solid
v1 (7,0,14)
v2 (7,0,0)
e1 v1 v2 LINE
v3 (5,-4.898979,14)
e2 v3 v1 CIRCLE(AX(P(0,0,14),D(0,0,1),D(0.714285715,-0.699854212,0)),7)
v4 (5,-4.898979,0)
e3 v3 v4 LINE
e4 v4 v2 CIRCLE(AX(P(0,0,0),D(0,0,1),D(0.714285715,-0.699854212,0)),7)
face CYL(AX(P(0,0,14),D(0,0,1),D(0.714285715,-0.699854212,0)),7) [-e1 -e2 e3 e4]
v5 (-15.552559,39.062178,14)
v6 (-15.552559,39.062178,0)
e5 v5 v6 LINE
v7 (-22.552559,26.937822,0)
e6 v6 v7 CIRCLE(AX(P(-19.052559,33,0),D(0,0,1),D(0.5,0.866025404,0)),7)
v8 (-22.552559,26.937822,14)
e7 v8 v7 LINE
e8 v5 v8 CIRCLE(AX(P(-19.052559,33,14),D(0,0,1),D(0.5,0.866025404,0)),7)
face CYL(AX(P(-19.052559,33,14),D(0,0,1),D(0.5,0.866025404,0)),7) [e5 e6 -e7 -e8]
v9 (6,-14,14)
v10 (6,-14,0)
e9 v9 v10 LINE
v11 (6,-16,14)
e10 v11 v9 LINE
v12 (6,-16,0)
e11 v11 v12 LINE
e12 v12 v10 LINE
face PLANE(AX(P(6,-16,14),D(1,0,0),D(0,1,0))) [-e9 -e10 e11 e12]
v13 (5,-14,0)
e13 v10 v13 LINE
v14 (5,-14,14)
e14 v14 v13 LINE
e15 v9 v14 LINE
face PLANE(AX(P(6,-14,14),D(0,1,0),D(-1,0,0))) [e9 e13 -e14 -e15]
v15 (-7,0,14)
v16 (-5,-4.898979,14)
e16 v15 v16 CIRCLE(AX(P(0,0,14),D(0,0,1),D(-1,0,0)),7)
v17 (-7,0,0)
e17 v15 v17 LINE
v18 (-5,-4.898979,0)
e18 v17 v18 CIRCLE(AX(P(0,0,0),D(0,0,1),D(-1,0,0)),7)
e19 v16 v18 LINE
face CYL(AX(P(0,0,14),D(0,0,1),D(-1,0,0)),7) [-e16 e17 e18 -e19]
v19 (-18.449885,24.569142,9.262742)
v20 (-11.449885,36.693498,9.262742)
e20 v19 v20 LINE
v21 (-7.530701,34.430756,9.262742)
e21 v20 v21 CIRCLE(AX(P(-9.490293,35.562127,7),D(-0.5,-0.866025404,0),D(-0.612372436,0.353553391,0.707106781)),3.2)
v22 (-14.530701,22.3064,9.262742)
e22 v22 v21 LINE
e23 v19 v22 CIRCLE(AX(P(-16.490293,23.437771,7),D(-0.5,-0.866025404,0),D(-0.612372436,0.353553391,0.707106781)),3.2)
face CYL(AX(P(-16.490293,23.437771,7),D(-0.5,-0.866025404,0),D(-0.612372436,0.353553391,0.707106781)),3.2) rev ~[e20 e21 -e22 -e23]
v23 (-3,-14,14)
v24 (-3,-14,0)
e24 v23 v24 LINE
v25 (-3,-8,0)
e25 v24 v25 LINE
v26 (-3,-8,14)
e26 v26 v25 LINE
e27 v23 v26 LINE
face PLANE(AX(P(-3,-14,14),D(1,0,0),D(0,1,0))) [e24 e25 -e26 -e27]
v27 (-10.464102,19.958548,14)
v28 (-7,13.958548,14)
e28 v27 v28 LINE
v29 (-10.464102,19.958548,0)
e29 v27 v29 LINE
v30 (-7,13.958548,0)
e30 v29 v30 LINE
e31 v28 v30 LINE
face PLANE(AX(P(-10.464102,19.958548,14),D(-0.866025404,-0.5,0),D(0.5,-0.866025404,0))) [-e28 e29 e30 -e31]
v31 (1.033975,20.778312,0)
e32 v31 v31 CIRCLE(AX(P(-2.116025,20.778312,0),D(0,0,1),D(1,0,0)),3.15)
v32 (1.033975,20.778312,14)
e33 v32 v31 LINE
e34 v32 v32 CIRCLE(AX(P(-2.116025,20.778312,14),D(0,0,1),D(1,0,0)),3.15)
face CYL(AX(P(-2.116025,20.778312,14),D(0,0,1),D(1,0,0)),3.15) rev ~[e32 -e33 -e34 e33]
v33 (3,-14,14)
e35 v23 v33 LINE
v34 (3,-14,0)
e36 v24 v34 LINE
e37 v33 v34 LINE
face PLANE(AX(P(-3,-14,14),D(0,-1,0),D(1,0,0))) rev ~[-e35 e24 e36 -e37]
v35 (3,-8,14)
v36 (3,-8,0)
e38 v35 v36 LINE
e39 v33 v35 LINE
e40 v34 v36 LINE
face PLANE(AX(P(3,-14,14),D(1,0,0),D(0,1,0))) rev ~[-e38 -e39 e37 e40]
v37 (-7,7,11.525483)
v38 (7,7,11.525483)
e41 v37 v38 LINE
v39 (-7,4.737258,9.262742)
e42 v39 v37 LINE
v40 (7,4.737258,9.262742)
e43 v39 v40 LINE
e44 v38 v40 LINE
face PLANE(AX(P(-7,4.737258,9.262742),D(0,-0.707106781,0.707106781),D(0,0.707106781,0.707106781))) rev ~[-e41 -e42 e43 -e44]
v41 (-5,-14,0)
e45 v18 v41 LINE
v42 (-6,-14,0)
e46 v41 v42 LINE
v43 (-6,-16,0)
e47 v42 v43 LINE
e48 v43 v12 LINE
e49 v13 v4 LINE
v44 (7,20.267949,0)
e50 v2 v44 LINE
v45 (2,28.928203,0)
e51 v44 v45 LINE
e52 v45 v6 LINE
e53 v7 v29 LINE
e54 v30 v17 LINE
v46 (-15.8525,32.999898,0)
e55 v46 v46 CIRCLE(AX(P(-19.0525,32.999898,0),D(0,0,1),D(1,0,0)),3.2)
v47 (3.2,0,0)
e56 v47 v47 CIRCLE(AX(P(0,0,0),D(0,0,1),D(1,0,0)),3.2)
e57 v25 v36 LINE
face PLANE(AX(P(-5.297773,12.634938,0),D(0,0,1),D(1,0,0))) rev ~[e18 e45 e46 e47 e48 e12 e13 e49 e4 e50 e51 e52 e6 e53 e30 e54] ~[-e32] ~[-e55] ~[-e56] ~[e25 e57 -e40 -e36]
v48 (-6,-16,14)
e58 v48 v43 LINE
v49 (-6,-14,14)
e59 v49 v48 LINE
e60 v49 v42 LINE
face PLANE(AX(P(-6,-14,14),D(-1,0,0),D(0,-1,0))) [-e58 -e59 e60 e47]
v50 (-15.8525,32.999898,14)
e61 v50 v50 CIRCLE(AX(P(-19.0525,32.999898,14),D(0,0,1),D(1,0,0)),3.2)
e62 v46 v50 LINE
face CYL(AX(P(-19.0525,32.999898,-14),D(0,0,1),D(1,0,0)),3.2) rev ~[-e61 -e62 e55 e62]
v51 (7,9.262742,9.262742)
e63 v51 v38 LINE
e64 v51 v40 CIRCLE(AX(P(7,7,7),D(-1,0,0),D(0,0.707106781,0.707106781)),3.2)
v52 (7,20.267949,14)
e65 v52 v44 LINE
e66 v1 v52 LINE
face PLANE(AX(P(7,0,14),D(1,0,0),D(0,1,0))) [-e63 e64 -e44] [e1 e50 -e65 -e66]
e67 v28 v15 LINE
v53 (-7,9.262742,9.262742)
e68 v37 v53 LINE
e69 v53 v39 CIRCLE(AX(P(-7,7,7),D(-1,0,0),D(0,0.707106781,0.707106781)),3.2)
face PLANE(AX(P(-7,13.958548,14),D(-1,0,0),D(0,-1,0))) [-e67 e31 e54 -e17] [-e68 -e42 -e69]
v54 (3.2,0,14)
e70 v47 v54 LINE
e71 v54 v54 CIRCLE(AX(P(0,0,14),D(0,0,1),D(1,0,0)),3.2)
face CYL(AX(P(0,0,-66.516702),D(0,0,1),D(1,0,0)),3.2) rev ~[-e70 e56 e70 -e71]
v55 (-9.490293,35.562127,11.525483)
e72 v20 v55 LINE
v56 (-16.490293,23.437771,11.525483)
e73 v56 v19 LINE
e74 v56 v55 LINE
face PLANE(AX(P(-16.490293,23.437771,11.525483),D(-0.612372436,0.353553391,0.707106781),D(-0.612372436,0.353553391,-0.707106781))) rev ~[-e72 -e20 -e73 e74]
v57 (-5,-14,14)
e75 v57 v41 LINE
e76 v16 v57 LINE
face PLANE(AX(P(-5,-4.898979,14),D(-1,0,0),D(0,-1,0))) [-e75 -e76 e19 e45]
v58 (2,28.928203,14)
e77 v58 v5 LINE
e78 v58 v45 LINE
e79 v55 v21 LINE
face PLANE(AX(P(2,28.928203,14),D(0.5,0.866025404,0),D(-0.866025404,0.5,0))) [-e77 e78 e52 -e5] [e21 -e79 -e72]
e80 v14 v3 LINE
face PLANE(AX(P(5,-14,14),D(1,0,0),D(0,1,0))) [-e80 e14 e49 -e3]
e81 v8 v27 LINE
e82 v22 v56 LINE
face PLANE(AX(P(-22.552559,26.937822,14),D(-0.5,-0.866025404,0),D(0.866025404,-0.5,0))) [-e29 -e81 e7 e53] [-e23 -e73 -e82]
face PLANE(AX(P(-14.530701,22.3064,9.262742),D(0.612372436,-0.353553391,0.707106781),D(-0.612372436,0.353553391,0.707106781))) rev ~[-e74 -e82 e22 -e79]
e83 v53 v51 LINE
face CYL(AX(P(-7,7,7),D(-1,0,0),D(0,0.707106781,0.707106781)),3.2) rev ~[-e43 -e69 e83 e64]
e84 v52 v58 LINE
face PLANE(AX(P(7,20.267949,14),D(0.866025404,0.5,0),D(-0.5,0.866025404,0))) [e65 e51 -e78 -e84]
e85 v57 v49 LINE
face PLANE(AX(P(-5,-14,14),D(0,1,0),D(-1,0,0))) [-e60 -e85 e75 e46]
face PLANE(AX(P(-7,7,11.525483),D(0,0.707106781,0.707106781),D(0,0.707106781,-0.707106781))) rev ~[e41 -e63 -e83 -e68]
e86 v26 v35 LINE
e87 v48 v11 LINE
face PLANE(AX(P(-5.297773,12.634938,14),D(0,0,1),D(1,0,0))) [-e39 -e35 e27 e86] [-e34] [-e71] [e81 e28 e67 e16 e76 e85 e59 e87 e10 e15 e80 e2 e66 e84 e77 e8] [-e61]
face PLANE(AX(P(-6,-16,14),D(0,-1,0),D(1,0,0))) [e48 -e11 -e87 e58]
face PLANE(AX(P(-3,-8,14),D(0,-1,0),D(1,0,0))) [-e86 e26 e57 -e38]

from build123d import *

# Parameters (mm, degrees)
SKETCH1_W           = 6
SKETCH1_H           = 6
BOSS_EXTRUDE1_DEPTH = 14
HOLE2_D             = 6.4
HOLE2_DEPTH         = 14
HOLE1_D             = 6.4
CUT_EXTRUDE2_DEPTH  = 15
CUT_EXTRUDE1_DEPTH  = 27.088457268
SKETCH8_R           = 3.15
CUT_EXTRUDE3_DEPTH  = 15


with BuildPart() as part:
    # Sketch1 → Boss-Extrude1 (new body)
    with BuildSketch(Plane.XY.offset(14)):
        with BuildLine():
            Line((7, 0), (7, 20.267949192))
            Line((7, 20.267949192), (2, 28.92820323))
            Line((2, 28.92820323), (-15.552558883, 39.062177826))
            ThreePointArc((-15.552558883, 39.062177826), (-25.11473671, 36.5), (-22.552558883, 26.937822174))
            Line((-22.552558883, 26.937822174), (-10.464101615, 19.958548116))
            Line((-10.464101615, 19.958548116), (-7, 13.958548116))
            Line((-7, 13.958548116), (-7, 0))
            ThreePointArc((-7, 0), (-6.480740698, -2.645751311), (-5, -4.898979486))
            Line((-5, -4.898979486), (-5, -14))
            Line((-5, -14), (-6, -14))
            Line((-6, -14), (-6, -16))
            Line((-6, -16), (6, -16))
            Line((6, -16), (6, -14))
            Line((6, -14), (5, -14))
            Line((5, -14), (5, -4.898979486))
            ThreePointArc((5, -4.898979486), (6.480740698, -2.645751311), (7, 0))
        make_face()
        with Locations((0, -11)):
            Rectangle(SKETCH1_W, SKETCH1_H, mode=Mode.SUBTRACT)
    extrude(amount=-BOSS_EXTRUDE1_DEPTH)

    # Hole2
    with Locations(Plane(origin=(0, 0, 0), x_dir=(-1, 0, 0), z_dir=(0, 0, -1))):
        with Locations((19.0525, 32.999898011)):
            Hole(HOLE2_D / 2, depth=HOLE2_DEPTH)

    # Hole1 (through all)
    with Locations(Plane(origin=(0, 0, 0), x_dir=(-1, 0, 0), z_dir=(0, 0, -1))):
        with Locations((0, 0)):
            Hole(HOLE1_D / 2)

    # Sketch3 → Cut-Extrude2 (cut, through all)
    with BuildSketch(Plane.ZY.offset(7)):
        with BuildLine():
            Line((9.2627417, 4.7372583), (11.5254834, 7))
            Line((11.5254834, 7), (9.2627417, 9.2627417))
            ThreePointArc((9.2627417, 9.2627417), (3.8, 7), (9.2627417, 4.7372583))
        make_face()
    extrude(amount=-CUT_EXTRUDE2_DEPTH, mode=Mode.SUBTRACT)

    # Sketch2 → Cut-Extrude1 (cut, through all)
    with BuildSketch(Plane(origin=(6.026279442, 10.437822174, 0), x_dir=(0.866025404, -0.5, 0), z_dir=(-0.5, -0.866025404, 0))):
        with BuildLine():
            Line((-25.999898011, 11.5254834), (-28.262639711, 9.2627417))
            ThreePointArc((-28.262639711, 9.2627417), (-25.999898011, 3.8), (-23.737156311, 9.2627417))
            Line((-23.737156311, 9.2627417), (-25.999898011, 11.5254834))
        make_face()
    extrude(amount=-CUT_EXTRUDE1_DEPTH, mode=Mode.SUBTRACT)

    # Sketch8 → Cut-Extrude3 (cut, through all)
    with BuildSketch(Plane.XY.offset(14)):
        with Locations((-2.116025404, 20.778312164)):
            Circle(SKETCH8_R)
    extrude(amount=-CUT_EXTRUDE3_DEPTH, mode=Mode.SUBTRACT)


solid = part.part
